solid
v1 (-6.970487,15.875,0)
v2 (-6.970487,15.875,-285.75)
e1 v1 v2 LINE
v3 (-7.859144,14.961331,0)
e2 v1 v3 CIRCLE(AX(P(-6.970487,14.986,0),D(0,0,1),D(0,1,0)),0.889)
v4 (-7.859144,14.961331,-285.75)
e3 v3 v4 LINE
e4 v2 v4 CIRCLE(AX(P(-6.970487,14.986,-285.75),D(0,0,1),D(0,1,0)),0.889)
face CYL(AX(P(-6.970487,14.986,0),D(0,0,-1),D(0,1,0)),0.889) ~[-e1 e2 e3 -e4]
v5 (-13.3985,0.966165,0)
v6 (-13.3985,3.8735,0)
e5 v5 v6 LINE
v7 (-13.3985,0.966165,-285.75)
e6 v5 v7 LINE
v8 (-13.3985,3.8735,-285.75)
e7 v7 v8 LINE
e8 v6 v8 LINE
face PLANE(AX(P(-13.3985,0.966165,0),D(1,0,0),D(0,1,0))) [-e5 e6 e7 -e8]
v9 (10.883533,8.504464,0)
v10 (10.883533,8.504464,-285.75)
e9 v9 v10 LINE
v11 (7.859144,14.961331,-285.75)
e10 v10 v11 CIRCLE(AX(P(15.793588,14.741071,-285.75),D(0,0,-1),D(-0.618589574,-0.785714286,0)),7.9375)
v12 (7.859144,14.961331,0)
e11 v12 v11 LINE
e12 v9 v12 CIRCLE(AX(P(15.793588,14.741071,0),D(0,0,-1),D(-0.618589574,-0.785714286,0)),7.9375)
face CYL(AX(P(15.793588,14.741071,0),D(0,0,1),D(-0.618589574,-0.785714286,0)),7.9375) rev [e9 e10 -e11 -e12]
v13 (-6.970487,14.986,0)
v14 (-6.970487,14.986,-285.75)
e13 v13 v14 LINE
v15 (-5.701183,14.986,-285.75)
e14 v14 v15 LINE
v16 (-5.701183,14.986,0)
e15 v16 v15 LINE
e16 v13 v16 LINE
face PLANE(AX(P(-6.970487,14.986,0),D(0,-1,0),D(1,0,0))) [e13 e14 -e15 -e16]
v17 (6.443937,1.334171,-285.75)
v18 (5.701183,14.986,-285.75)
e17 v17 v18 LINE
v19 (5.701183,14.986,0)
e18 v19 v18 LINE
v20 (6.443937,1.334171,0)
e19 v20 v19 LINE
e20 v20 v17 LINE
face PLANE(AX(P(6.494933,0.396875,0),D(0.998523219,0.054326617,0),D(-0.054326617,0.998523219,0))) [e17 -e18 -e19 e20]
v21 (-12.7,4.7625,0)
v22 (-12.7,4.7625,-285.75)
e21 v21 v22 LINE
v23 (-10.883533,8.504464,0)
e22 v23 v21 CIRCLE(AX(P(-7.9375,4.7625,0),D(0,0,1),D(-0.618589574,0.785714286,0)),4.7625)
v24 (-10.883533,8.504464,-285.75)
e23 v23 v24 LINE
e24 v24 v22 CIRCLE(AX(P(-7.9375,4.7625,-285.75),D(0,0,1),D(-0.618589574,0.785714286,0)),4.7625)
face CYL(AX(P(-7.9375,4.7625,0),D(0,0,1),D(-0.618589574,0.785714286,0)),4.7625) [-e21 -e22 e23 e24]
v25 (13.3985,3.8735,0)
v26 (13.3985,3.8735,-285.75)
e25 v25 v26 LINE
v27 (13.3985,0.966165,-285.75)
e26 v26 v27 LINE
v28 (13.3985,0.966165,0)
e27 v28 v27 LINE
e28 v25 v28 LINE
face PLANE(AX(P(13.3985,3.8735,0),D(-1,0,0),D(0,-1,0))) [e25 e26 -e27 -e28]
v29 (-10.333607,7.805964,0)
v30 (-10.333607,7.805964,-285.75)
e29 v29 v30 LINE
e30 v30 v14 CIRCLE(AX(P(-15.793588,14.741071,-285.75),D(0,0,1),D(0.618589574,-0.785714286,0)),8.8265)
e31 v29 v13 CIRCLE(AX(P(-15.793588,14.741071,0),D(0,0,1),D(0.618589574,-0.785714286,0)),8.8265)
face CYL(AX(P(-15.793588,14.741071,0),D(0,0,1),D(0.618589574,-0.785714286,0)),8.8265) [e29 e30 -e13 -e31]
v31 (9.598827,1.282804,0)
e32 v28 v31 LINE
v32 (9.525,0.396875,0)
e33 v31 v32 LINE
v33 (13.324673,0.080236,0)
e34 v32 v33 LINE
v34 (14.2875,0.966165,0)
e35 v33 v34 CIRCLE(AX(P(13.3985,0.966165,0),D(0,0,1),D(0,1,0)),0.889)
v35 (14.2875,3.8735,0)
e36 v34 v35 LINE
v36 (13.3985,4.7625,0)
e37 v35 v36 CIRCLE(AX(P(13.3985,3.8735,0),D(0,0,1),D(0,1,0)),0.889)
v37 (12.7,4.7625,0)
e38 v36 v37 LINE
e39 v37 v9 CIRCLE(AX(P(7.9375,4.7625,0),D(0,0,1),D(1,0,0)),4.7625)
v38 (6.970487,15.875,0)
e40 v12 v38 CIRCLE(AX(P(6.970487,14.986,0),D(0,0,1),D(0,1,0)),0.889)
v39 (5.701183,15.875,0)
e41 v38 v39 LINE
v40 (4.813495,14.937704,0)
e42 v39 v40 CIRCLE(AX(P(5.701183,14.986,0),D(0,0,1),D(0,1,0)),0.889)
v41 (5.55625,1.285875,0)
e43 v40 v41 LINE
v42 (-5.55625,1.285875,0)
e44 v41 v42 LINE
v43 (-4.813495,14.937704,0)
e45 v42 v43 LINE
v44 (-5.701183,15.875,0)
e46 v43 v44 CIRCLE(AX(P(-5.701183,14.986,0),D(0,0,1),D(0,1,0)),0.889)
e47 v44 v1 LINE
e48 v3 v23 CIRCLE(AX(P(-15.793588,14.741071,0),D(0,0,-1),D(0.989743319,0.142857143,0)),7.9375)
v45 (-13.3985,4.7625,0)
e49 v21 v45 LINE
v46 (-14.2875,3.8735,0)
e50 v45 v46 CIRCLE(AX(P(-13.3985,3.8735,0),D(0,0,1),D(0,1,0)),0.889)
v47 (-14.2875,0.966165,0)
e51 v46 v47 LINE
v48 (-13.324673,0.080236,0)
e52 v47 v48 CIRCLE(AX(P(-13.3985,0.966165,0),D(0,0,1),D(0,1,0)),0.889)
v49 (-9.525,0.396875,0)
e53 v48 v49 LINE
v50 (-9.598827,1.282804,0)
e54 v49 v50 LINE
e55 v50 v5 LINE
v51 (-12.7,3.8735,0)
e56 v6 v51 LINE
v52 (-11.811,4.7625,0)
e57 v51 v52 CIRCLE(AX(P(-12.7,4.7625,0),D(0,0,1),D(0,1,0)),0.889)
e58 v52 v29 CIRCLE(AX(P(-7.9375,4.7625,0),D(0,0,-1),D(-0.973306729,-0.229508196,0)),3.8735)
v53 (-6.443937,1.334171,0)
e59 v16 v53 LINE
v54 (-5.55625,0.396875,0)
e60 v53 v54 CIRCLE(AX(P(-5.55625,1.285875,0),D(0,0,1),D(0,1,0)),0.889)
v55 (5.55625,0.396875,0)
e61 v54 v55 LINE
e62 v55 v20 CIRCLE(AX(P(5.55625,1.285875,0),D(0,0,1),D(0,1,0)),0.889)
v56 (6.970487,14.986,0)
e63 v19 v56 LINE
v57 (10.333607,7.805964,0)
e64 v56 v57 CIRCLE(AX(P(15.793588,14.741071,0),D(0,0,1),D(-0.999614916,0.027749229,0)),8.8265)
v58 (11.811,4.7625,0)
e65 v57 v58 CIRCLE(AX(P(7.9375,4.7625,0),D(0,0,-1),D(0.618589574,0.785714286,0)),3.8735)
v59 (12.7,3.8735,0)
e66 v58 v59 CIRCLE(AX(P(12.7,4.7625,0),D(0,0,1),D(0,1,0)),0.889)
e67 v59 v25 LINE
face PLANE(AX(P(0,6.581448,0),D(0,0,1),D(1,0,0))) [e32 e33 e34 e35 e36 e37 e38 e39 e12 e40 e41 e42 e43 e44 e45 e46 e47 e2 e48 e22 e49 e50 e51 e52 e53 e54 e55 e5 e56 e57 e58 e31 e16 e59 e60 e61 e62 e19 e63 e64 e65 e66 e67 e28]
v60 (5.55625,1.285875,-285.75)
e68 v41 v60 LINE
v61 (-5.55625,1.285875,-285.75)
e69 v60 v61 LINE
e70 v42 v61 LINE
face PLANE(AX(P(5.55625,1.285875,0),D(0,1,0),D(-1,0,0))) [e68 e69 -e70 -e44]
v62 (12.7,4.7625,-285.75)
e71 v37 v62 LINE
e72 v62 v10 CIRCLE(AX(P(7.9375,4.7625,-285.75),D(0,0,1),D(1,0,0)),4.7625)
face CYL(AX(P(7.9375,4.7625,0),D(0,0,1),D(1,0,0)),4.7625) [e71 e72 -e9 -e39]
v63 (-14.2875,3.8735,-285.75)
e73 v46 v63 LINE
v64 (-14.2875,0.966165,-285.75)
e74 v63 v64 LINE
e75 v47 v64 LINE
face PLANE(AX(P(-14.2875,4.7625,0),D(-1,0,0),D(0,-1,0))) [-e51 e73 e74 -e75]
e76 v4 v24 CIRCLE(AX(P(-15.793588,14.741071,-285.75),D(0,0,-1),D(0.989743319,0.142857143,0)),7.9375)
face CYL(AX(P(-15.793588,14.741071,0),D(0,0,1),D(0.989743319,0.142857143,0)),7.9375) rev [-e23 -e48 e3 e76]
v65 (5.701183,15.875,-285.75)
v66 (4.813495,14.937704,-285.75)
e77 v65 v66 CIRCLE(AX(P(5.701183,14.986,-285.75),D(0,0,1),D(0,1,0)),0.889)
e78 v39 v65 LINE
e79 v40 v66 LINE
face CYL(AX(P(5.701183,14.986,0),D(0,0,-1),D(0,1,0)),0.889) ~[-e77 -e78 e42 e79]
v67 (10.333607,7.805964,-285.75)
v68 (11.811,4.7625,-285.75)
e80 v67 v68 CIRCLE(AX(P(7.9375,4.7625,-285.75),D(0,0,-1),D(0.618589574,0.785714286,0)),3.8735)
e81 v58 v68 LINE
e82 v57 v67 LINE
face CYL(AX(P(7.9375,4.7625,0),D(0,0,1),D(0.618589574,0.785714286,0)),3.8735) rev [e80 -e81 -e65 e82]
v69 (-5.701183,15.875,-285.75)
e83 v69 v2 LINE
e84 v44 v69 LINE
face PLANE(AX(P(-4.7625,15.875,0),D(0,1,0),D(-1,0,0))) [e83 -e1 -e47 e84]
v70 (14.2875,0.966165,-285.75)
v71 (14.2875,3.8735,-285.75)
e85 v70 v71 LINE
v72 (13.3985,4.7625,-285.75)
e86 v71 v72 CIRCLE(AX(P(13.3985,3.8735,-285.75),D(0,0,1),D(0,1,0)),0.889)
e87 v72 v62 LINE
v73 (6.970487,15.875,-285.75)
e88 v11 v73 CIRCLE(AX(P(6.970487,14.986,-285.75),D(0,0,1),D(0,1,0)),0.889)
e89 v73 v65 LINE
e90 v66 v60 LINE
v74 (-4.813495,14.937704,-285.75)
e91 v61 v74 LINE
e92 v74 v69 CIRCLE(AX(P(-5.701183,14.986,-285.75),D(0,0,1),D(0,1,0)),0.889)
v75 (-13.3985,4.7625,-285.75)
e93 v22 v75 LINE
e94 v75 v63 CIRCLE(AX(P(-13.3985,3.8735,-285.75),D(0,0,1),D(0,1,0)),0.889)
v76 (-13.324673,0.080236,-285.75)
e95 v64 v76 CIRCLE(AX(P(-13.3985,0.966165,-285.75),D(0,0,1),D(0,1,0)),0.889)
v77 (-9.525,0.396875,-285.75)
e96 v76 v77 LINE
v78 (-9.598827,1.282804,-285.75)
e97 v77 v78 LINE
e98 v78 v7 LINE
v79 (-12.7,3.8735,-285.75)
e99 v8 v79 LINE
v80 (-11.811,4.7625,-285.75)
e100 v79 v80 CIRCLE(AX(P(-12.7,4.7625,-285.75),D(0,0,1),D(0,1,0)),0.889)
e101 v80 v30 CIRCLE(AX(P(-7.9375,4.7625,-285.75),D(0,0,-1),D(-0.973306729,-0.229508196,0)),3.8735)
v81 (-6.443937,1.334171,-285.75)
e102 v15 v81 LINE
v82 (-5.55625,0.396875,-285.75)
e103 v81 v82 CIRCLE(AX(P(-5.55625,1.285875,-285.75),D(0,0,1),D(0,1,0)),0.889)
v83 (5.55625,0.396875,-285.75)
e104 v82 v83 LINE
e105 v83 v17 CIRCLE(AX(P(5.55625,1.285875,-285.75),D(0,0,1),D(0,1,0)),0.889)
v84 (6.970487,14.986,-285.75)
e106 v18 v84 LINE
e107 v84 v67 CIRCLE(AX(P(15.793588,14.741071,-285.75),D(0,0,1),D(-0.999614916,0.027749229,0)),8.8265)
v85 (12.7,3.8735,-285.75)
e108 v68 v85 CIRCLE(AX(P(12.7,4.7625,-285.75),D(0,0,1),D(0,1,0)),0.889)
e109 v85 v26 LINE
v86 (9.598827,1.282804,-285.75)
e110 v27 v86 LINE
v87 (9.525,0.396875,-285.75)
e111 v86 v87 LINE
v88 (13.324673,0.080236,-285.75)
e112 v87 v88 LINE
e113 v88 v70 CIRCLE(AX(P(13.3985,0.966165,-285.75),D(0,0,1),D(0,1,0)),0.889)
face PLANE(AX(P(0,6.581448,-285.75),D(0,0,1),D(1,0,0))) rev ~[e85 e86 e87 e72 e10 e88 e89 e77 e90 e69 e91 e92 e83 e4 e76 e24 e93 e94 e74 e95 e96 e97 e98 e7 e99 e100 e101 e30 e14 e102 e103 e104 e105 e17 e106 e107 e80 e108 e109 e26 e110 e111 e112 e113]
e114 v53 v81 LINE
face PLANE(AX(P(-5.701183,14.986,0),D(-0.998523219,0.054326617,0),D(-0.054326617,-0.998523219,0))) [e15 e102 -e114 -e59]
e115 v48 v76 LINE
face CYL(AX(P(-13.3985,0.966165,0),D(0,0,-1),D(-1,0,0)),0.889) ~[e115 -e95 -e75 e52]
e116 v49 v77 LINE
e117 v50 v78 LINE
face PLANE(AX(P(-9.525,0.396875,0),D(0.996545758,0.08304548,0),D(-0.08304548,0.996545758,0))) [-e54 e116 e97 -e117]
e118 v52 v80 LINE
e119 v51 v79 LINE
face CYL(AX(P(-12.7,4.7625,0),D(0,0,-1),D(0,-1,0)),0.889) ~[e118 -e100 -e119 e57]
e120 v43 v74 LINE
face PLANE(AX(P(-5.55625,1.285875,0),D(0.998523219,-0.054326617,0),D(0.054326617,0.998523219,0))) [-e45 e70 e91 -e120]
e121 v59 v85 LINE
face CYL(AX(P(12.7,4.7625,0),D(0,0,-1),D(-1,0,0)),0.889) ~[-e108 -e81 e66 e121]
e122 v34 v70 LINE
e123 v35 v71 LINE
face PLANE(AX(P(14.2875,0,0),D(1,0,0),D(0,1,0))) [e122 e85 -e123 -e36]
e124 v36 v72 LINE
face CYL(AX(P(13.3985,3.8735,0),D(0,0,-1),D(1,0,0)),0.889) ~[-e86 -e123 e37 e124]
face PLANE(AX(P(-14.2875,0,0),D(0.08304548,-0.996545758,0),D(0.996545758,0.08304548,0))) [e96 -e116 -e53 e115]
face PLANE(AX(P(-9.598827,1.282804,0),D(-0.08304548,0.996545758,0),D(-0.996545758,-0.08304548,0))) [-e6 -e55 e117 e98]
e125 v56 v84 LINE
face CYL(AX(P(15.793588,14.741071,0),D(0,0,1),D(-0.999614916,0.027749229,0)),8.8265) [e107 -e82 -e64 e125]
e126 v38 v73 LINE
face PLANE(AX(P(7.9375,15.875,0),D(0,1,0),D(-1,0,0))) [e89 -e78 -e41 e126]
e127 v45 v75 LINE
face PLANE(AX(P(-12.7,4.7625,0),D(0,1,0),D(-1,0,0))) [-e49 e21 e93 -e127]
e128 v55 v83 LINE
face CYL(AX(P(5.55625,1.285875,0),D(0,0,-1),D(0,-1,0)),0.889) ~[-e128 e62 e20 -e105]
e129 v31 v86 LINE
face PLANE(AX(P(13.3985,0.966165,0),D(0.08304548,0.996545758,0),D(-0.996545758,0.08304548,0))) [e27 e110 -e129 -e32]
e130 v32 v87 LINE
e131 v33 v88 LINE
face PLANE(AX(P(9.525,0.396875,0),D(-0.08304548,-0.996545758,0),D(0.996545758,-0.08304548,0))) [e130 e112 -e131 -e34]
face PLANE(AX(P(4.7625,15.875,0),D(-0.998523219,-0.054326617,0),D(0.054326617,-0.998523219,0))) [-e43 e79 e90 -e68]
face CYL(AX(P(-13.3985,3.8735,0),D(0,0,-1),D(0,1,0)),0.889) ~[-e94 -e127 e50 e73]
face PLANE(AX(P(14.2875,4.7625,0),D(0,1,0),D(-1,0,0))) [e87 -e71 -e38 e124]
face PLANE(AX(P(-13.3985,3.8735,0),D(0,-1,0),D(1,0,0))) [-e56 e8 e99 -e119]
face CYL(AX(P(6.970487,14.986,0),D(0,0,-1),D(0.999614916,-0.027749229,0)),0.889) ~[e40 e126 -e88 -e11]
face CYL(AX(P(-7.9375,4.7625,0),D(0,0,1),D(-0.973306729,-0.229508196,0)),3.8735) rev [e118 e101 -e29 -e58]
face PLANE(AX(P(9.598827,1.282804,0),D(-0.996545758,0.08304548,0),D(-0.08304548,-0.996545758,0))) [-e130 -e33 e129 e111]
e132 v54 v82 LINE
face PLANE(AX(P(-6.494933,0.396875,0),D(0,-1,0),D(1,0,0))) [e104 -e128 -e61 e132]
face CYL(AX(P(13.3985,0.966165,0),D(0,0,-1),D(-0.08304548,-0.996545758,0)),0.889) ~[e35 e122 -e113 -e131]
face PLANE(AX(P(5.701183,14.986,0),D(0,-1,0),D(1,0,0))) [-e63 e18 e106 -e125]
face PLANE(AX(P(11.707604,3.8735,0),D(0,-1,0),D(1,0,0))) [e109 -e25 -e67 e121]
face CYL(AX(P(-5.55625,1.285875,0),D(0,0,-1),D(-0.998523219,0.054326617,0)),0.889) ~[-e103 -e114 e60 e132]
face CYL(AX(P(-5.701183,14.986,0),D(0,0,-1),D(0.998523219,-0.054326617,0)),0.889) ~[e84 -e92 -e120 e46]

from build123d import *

# Parameters (mm, degrees)
EXTRUDE_THIN1_DEPTH = 285.75
FILLET1_R           = 0.889


with BuildPart() as part:
    # Sketch1 → Extrude-Thin1 (new body)
    with BuildSketch(Plane.XY):
        with BuildLine():
            Line((9.525, 0.396875), (14.2875, 0))
            Line((14.2875, 0), (14.2875, 4.7625))
            Line((14.2875, 4.7625), (12.7, 4.7625))
            ThreePointArc((12.7, 4.7625), (12.221883718, 6.842274605), (10.883532847, 8.504464286))
            ThreePointArc((10.883532847, 8.504464286), (8.423051877, 11.795038582), (7.9375, 15.875))
            Line((7.9375, 15.875), (4.7625, 15.875))
            Line((4.7625, 15.875), (5.55625, 1.285875))
            Line((5.55625, 1.285875), (-5.55625, 1.285875))
            Line((-5.55625, 1.285875), (-4.7625, 15.875))
            Line((-4.7625, 15.875), (-7.9375, 15.875))
            ThreePointArc((-7.9375, 15.875), (-8.423051877, 11.795038582), (-10.883532847, 8.504464286))
            ThreePointArc((-10.883532847, 8.504464286), (-12.221883718, 6.842274605), (-12.7, 4.7625))
            Line((-12.7, 4.7625), (-14.2875, 4.7625))
            Line((-14.2875, 4.7625), (-14.2875, 0))
            Line((-14.2875, 0), (-9.525, 0.396875))
            Line((-9.525, 0.396875), (-9.598827432, 1.282804179))
            Line((-9.598827432, 1.282804179), (-13.3985, 0.966164798))
            Line((-13.3985, 0.966164798), (-13.3985, 3.8735))
            Line((-13.3985, 3.8735), (-11.707603613, 3.8735))
            ThreePointArc((-11.707603613, 3.8735), (-11.594220702, 6.040152518), (-10.333606715, 7.805964286))
            ThreePointArc((-10.333606715, 7.805964286), (-7.800475833, 10.997107398), (-6.970486535, 14.986))
            Line((-6.970486535, 14.986), (-5.701182591, 14.986))
            Line((-5.701182591, 14.986), (-6.494932591, 0.396875))
            Line((-6.494932591, 0.396875), (6.494932591, 0.396875))
            Line((6.494932591, 0.396875), (5.701182591, 14.986))
            Line((5.701182591, 14.986), (6.970486535, 14.986))
            ThreePointArc((6.970486535, 14.986), (7.800475833, 10.997107398), (10.333606715, 7.805964286))
            ThreePointArc((10.333606715, 7.805964286), (11.594220702, 6.040152518), (11.707603613, 3.8735))
            Line((11.707603613, 3.8735), (13.3985, 3.8735))
            Line((13.3985, 3.8735), (13.3985, 0.966164798))
            Line((13.3985, 0.966164798), (9.598827432, 1.282804179))
            Line((9.598827432, 1.282804179), (9.525, 0.396875))
        make_face()
    extrude(amount=-EXTRUDE_THIN1_DEPTH)

    # Fillet1
    fillet1_edges = [part.edges().sort_by_distance(p)[0] for p in [
        (11.707603613, 3.8735, -142.875),
        (6.494932591, 0.396875, -142.875),
        (-6.494932591, 0.396875, -142.875),
        (-11.707603613, 3.8735, -142.875),
        (-14.2875, 0, -142.875),
        (-14.2875, 4.7625, -142.875),
        (-7.9375, 15.875, -142.875),
        (-4.7625, 15.875, -142.875),
        (4.7625, 15.875, -142.875),
        (7.9375, 15.875, -142.875),
        (14.2875, 4.7625, -142.875),
        (14.2875, 0, -142.875),
    ]]
    fillet(fillet1_edges, radius=FILLET1_R)


solid = part.part
